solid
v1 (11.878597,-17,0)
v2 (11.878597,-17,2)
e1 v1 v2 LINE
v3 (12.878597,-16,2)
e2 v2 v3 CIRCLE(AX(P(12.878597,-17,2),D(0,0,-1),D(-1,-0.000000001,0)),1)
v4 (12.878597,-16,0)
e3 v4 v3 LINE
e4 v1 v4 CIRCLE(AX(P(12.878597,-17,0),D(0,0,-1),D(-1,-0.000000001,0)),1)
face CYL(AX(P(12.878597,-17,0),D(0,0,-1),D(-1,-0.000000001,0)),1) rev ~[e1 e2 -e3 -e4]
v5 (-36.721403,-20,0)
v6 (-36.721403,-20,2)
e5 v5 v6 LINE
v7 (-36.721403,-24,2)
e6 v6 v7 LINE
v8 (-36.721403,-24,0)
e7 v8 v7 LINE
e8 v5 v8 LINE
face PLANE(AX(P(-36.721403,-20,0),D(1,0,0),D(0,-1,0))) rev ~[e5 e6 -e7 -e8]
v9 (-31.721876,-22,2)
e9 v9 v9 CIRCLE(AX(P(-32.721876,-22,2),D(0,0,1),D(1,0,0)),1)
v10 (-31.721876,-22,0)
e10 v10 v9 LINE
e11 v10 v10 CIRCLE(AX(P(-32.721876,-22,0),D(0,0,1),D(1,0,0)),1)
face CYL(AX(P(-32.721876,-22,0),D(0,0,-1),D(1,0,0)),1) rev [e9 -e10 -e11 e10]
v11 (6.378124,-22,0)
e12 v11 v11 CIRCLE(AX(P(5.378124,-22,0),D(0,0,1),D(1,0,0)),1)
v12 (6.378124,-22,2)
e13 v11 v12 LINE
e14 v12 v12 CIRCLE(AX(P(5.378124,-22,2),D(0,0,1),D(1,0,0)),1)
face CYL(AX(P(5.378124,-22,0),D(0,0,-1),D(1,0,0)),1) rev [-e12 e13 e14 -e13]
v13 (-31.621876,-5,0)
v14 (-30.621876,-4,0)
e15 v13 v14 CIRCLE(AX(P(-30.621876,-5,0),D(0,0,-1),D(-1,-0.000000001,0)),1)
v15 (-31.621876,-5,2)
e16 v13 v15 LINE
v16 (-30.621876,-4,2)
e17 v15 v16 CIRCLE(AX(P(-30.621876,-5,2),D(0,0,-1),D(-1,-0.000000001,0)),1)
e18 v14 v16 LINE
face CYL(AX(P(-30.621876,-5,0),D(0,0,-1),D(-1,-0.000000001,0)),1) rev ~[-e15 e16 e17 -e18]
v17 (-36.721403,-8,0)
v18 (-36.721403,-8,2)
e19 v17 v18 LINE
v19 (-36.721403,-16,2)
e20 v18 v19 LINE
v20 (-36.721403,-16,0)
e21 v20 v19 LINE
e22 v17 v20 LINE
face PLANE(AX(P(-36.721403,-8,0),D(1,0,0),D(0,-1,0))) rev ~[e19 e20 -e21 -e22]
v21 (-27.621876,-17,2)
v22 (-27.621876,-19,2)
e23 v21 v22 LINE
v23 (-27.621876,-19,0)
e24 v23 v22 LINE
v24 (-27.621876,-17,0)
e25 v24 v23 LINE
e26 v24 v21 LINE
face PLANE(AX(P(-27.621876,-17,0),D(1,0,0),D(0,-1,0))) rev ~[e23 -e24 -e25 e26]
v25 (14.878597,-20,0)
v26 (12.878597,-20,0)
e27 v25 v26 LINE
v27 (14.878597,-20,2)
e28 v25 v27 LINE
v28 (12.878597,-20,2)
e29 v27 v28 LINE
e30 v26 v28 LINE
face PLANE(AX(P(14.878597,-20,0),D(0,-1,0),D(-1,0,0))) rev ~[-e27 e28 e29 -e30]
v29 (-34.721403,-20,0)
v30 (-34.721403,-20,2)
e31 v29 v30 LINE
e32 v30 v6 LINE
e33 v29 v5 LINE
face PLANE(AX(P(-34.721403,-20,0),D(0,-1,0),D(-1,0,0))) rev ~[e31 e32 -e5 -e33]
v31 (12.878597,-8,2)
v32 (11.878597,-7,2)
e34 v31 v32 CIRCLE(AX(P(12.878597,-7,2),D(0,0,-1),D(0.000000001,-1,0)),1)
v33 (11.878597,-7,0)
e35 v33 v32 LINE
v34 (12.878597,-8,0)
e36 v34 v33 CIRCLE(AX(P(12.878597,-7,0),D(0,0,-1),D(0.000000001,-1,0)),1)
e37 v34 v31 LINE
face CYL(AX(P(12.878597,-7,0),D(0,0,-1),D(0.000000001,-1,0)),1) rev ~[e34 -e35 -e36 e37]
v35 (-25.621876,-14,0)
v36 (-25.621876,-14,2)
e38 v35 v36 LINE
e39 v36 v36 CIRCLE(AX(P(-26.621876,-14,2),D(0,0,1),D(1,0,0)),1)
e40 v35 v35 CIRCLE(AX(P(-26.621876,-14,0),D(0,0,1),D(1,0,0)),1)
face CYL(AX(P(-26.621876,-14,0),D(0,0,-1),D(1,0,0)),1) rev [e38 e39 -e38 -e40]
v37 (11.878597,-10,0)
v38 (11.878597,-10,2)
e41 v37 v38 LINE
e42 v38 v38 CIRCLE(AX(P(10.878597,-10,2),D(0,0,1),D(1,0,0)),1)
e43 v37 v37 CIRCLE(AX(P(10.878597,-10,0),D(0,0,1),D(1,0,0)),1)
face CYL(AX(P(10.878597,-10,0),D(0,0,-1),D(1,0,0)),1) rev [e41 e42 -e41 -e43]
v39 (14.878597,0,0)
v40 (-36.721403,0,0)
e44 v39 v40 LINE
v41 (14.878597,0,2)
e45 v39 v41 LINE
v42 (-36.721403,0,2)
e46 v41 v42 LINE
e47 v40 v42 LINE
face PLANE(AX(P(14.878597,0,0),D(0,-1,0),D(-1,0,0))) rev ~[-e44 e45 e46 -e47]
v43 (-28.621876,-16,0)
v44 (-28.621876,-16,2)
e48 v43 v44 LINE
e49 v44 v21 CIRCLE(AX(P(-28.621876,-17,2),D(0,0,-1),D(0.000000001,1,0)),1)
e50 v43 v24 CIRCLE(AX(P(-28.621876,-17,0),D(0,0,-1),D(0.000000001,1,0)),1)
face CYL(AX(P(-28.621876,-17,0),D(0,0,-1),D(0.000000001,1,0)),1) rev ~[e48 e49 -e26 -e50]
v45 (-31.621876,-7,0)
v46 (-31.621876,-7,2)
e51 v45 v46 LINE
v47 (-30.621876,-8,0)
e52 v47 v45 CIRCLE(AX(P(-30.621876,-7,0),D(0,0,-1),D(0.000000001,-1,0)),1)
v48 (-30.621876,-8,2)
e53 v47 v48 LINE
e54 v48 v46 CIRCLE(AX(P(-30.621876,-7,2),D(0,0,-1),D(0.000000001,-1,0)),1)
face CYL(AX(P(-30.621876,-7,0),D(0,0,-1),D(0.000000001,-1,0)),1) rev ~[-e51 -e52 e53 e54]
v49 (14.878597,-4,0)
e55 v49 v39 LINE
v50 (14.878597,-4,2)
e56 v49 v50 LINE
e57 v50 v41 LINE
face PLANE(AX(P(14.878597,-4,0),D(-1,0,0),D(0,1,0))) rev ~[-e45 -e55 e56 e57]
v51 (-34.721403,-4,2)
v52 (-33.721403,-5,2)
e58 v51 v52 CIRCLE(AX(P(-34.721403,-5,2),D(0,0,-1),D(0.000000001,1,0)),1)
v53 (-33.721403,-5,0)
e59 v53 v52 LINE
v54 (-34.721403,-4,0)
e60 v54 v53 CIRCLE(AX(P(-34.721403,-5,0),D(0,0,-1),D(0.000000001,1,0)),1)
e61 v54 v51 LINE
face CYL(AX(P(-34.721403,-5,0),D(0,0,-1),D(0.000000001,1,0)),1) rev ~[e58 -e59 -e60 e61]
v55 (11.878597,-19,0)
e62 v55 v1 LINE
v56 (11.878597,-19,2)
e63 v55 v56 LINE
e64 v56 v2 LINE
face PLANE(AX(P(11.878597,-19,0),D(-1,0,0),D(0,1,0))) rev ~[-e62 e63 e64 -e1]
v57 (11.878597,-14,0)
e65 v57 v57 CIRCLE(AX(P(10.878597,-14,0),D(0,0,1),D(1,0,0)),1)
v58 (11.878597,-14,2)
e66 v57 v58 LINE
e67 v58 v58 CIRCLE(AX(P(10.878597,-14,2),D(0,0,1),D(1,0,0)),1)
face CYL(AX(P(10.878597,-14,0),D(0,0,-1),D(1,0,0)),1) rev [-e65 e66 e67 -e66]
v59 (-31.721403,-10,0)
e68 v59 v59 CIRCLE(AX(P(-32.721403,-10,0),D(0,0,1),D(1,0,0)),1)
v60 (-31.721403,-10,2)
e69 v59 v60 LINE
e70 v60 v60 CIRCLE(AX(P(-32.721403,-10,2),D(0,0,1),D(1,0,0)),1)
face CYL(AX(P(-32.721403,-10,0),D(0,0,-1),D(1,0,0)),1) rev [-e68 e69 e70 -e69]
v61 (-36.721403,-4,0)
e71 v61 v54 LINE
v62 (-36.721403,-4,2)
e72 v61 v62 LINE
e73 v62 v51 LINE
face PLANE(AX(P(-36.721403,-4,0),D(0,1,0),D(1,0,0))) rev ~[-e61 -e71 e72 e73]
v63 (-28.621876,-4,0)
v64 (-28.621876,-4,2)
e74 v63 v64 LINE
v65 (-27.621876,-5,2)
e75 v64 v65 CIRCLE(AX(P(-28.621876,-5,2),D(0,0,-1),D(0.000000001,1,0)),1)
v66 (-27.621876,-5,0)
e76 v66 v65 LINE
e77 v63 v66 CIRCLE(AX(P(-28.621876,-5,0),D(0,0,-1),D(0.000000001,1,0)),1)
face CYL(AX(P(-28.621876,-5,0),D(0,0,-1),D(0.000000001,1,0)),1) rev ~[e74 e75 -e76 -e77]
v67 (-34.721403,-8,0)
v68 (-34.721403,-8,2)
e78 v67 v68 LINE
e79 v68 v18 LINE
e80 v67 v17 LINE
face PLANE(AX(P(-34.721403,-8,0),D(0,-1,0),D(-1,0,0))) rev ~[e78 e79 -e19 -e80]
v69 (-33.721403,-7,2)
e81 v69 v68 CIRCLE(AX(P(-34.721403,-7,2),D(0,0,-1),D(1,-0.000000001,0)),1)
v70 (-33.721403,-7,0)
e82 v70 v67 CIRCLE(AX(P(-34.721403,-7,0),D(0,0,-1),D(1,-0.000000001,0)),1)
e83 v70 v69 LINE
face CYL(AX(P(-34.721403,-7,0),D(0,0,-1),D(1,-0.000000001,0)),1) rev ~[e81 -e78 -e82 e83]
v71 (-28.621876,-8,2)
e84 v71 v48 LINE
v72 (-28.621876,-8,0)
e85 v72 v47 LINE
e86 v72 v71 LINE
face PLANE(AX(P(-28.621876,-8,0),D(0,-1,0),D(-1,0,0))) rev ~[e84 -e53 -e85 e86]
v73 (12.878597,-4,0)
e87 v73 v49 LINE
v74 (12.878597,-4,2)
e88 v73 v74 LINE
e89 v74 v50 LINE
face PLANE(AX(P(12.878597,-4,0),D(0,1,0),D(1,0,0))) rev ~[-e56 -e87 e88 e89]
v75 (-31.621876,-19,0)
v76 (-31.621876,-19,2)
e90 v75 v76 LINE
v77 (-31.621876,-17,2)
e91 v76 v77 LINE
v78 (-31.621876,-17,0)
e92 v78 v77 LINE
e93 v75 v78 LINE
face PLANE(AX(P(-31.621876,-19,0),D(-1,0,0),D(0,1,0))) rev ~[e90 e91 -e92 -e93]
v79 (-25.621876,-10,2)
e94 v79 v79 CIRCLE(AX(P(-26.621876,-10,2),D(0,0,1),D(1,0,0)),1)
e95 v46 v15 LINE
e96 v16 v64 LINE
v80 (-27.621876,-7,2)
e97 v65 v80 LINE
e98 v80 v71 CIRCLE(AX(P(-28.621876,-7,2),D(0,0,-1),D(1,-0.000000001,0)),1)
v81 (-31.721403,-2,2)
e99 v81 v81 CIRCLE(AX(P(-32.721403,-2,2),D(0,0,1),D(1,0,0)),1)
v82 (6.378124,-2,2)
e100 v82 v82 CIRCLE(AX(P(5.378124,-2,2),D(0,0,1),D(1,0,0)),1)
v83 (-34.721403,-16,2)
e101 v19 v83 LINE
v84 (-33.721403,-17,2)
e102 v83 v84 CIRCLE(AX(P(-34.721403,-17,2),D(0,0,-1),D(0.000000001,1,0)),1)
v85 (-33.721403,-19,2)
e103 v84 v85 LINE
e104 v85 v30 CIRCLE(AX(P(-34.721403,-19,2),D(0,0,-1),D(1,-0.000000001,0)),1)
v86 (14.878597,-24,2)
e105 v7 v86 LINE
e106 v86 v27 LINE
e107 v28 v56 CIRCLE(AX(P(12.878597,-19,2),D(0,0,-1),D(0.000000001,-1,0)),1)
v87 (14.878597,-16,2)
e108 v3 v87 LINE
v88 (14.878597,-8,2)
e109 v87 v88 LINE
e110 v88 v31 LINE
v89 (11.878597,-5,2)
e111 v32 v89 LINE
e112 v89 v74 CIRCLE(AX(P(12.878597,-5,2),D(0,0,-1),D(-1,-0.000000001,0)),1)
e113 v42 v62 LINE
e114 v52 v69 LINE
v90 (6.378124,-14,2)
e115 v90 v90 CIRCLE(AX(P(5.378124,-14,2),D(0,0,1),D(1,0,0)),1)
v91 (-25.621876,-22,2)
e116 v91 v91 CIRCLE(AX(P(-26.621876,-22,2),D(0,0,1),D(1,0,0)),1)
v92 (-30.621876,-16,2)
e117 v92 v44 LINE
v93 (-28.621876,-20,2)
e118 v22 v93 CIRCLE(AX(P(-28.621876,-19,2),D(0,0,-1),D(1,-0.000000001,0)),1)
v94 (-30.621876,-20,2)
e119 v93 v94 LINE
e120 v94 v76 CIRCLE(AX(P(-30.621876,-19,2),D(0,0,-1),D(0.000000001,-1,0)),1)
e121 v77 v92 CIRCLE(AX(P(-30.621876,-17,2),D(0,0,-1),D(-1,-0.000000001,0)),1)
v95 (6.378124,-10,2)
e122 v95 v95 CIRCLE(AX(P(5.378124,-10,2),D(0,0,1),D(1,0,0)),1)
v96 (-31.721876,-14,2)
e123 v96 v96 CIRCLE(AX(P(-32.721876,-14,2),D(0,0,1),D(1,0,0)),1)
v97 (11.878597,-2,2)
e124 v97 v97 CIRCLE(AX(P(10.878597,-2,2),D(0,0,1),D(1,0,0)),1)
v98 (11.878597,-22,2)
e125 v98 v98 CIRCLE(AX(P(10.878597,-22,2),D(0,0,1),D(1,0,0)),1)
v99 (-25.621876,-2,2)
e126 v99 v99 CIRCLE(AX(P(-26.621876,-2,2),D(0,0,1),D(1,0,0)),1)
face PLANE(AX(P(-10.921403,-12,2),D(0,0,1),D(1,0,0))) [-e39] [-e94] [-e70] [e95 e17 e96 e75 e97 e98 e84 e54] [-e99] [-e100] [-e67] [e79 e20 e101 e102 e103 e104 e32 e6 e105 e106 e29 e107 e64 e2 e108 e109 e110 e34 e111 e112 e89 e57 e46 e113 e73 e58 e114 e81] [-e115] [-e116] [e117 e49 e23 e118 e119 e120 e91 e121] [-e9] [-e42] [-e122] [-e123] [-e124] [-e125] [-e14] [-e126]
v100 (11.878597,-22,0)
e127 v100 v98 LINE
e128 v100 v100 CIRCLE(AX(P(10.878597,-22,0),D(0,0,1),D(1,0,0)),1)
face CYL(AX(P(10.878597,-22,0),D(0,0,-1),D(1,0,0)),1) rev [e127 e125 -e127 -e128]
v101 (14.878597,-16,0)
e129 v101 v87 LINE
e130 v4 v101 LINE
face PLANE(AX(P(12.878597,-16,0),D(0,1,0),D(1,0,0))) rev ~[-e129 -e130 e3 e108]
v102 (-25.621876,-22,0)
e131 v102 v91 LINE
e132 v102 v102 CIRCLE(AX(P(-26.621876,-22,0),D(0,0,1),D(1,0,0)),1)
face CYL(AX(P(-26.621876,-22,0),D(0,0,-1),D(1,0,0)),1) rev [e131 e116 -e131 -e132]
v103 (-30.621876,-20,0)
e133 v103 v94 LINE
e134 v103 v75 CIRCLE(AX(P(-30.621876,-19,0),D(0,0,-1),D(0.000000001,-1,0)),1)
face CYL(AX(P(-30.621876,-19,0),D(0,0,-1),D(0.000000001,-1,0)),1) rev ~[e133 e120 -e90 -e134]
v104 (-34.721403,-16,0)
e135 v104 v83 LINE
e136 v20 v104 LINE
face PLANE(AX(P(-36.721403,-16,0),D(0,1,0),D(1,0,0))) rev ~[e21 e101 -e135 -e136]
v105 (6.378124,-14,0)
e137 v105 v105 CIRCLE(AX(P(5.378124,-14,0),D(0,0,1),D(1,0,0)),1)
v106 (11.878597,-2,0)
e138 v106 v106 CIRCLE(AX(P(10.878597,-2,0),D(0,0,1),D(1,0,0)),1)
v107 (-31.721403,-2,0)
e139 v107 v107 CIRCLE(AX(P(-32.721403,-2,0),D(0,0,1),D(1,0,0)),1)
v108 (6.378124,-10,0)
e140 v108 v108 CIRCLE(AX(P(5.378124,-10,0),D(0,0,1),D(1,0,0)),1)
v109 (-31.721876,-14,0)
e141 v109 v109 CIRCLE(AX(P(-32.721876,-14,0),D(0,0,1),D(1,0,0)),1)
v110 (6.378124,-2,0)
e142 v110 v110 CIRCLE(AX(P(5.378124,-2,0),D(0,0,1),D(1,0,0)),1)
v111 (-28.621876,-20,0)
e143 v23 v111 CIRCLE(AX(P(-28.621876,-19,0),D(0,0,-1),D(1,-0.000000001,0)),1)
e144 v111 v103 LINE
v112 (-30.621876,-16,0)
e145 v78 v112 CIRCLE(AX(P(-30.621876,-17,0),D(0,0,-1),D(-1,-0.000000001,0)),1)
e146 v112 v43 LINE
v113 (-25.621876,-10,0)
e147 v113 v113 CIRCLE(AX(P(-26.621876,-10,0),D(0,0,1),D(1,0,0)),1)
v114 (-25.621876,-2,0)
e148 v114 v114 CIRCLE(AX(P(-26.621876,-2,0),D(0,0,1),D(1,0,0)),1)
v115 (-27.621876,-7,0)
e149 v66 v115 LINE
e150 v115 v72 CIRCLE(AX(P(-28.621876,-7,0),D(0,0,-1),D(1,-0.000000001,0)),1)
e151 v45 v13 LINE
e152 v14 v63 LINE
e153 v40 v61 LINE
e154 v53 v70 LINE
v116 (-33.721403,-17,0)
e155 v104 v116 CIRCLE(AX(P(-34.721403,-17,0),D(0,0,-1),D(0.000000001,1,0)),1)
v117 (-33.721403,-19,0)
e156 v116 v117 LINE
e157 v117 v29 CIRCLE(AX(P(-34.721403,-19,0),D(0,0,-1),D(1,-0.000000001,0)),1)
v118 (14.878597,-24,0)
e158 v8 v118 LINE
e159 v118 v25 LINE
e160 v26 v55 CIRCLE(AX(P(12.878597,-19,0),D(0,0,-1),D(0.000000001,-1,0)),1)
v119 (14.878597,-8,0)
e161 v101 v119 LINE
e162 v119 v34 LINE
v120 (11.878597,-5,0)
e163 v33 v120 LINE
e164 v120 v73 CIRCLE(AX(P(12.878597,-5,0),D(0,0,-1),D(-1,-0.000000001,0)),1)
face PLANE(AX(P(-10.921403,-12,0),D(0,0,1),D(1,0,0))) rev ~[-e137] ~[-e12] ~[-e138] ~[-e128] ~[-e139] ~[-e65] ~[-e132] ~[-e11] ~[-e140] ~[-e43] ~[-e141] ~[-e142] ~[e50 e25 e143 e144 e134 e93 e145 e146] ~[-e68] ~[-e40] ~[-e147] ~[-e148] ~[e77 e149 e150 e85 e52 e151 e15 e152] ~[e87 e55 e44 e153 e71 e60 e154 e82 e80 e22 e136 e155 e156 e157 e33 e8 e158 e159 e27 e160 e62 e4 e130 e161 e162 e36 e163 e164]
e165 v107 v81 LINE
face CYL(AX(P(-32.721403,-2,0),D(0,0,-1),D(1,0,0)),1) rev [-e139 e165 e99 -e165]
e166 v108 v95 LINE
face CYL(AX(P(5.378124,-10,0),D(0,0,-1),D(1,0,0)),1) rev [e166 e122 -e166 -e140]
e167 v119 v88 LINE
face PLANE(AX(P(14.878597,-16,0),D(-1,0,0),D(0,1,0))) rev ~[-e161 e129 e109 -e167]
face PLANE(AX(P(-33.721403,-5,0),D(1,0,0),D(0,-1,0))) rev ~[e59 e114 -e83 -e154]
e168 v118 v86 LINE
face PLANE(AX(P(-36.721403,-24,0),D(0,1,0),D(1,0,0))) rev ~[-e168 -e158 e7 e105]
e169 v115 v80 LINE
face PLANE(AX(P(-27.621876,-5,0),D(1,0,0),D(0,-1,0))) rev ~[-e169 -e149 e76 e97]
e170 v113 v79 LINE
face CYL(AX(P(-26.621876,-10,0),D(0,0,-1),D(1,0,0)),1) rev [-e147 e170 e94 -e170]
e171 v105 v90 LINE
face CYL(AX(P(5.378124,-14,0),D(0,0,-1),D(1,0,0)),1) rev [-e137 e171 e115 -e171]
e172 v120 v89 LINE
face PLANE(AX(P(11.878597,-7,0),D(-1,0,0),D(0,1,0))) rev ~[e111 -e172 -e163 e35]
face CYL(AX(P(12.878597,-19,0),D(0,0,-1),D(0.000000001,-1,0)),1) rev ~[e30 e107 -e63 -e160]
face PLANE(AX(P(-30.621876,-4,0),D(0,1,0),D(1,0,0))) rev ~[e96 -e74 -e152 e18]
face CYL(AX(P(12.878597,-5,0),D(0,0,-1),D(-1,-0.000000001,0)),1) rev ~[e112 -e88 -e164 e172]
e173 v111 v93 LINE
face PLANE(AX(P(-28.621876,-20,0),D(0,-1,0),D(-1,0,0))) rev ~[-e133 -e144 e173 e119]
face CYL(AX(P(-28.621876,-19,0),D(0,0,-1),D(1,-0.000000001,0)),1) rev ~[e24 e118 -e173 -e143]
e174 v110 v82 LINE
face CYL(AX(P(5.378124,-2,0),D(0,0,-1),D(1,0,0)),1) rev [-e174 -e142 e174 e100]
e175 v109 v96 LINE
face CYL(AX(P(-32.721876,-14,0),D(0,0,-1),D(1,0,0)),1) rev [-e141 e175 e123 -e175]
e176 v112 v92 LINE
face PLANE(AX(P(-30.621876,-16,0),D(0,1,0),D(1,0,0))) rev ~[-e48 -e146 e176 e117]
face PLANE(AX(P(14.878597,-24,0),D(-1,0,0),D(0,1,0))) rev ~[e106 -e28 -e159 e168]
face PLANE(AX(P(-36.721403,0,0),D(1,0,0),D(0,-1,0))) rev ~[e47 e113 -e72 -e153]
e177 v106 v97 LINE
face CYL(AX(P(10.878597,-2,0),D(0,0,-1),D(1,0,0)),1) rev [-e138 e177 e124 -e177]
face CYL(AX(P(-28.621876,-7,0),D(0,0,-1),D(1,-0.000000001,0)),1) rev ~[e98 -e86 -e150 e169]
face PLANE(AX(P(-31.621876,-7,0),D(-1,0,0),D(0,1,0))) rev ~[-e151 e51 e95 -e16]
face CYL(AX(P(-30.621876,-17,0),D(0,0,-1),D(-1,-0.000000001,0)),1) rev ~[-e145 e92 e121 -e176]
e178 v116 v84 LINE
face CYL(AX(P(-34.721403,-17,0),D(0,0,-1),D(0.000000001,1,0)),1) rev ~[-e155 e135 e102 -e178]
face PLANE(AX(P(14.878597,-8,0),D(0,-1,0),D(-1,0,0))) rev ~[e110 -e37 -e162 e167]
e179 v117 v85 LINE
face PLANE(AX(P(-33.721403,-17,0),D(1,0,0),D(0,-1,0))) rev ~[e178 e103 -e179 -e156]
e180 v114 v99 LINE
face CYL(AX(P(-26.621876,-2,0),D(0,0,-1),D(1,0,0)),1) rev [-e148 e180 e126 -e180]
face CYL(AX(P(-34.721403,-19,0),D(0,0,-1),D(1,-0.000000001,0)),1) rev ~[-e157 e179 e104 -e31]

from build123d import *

# Parameters (mm, degrees)
SKETCH_14_R     = 1
EXTRUDE_1_DEPTH = 2


with BuildPart() as part:
    # 草圖14 → 填料-伸長1 (new body)
    with BuildSketch(Plane.XY):
        with BuildLine():
            Line((-33.721403204, -5), (-33.721403204, -7))
            ThreePointArc((-33.721403204, -7), (-34.014296423, -7.707106781), (-34.721403204, -8))
            Line((-34.721403204, -8), (-36.721403204, -8))
            Line((-36.721403204, -8), (-36.721403204, -16))
            Line((-36.721403204, -16), (-34.721403204, -16))
            ThreePointArc((-34.721403204, -16), (-34.014296423, -16.292893219), (-33.721403204, -17))
            Line((-33.721403204, -17), (-33.721403204, -19))
            ThreePointArc((-33.721403204, -19), (-34.014296423, -19.707106781), (-34.721403204, -20))
            Line((-34.721403204, -20), (-36.721403204, -20))
            Line((-36.721403204, -20), (-36.721403204, -24))
            Line((-36.721403204, -24), (14.878596796, -24))
            Line((14.878596796, -24), (14.878596796, -20))
            Line((14.878596796, -20), (12.878596796, -20))
            ThreePointArc((12.878596796, -20), (12.171490014, -19.707106781), (11.878596796, -19))
            Line((11.878596796, -19), (11.878596796, -17))
            ThreePointArc((11.878596796, -17), (12.171490014, -16.292893219), (12.878596796, -16))
            Line((12.878596796, -16), (14.878596796, -16))
            Line((14.878596796, -16), (14.878596796, -8))
            Line((14.878596796, -8), (12.878596796, -8))
            ThreePointArc((12.878596796, -8), (12.171490014, -7.707106781), (11.878596796, -7))
            Line((11.878596796, -7), (11.878596796, -5))
            ThreePointArc((11.878596796, -5), (12.171490014, -4.292893219), (12.878596796, -4))
            Line((12.878596796, -4), (14.878596796, -4))
            Line((14.878596796, -4), (14.878596796, 0))
            Line((14.878596796, 0), (-36.721403204, 0))
            Line((-36.721403204, 0), (-36.721403204, -4))
            Line((-36.721403204, -4), (-34.721403204, -4))
            ThreePointArc((-34.721403204, -4), (-34.014296423, -4.292893219), (-33.721403204, -5))
        make_face()
        with Locations((10.878596796, -14)):
            Circle(SKETCH_14_R, mode=Mode.SUBTRACT)
        with Locations((5.378124186, -14)):
            Circle(SKETCH_14_R, mode=Mode.SUBTRACT)
        with Locations((5.378124186, -22)):
            Circle(SKETCH_14_R, mode=Mode.SUBTRACT)
        with Locations((10.878596796, -22)):
            Circle(SKETCH_14_R, mode=Mode.SUBTRACT)
        with Locations((-26.621875814, -14)):
            Circle(SKETCH_14_R, mode=Mode.SUBTRACT)
        with Locations((-32.721875814, -14)):
            Circle(SKETCH_14_R, mode=Mode.SUBTRACT)
        with Locations((-32.721875814, -22)):
            Circle(SKETCH_14_R, mode=Mode.SUBTRACT)
        with Locations((-26.621875814, -22)):
            Circle(SKETCH_14_R, mode=Mode.SUBTRACT)
        with Locations((5.378124186, -2)):
            Circle(SKETCH_14_R, mode=Mode.SUBTRACT)
        with Locations((5.378124186, -10)):
            Circle(SKETCH_14_R, mode=Mode.SUBTRACT)
        with Locations((10.878596796, -10)):
            Circle(SKETCH_14_R, mode=Mode.SUBTRACT)
        with Locations((-32.721403204, -2)):
            Circle(SKETCH_14_R, mode=Mode.SUBTRACT)
        with Locations((-26.621875814, -2)):
            Circle(SKETCH_14_R, mode=Mode.SUBTRACT)
        with Locations((-32.721403204, -10)):
            Circle(SKETCH_14_R, mode=Mode.SUBTRACT)
        with Locations((-26.621875814, -10)):
            Circle(SKETCH_14_R, mode=Mode.SUBTRACT)
        with Locations((10.878596796, -2)):
            Circle(SKETCH_14_R, mode=Mode.SUBTRACT)
        with BuildLine():
            Line((-30.621875814, -4), (-28.621875814, -4))
            ThreePointArc((-28.621875814, -4), (-27.914769033, -4.292893219), (-27.621875814, -5))
            Line((-27.621875814, -5), (-27.621875814, -7))
            ThreePointArc((-27.621875814, -7), (-27.914769033, -7.707106781), (-28.621875814, -8))
            Line((-28.621875814, -8), (-30.621875814, -8))
            ThreePointArc((-30.621875814, -8), (-31.328982596, -7.707106781), (-31.621875814, -7))
            Line((-31.621875814, -7), (-31.621875814, -5))
            ThreePointArc((-31.621875814, -5), (-31.328982596, -4.292893219), (-30.621875814, -4))
        make_face(mode=Mode.SUBTRACT)
        with BuildLine():
            Line((-27.621875814, -17), (-27.621875814, -19))
            ThreePointArc((-27.621875814, -19), (-27.914769033, -19.707106781), (-28.621875814, -20))
            Line((-28.621875814, -20), (-30.621875814, -20))
            ThreePointArc((-30.621875814, -20), (-31.328982596, -19.707106781), (-31.621875814, -19))
            Line((-31.621875814, -19), (-31.621875814, -17))
            ThreePointArc((-31.621875814, -17), (-31.328982596, -16.292893219), (-30.621875814, -16))
            Line((-30.621875814, -16), (-28.621875814, -16))
            ThreePointArc((-28.621875814, -16), (-27.914769033, -16.292893219), (-27.621875814, -17))
        make_face(mode=Mode.SUBTRACT)
    extrude(amount=EXTRUDE_1_DEPTH)


solid = part.part
